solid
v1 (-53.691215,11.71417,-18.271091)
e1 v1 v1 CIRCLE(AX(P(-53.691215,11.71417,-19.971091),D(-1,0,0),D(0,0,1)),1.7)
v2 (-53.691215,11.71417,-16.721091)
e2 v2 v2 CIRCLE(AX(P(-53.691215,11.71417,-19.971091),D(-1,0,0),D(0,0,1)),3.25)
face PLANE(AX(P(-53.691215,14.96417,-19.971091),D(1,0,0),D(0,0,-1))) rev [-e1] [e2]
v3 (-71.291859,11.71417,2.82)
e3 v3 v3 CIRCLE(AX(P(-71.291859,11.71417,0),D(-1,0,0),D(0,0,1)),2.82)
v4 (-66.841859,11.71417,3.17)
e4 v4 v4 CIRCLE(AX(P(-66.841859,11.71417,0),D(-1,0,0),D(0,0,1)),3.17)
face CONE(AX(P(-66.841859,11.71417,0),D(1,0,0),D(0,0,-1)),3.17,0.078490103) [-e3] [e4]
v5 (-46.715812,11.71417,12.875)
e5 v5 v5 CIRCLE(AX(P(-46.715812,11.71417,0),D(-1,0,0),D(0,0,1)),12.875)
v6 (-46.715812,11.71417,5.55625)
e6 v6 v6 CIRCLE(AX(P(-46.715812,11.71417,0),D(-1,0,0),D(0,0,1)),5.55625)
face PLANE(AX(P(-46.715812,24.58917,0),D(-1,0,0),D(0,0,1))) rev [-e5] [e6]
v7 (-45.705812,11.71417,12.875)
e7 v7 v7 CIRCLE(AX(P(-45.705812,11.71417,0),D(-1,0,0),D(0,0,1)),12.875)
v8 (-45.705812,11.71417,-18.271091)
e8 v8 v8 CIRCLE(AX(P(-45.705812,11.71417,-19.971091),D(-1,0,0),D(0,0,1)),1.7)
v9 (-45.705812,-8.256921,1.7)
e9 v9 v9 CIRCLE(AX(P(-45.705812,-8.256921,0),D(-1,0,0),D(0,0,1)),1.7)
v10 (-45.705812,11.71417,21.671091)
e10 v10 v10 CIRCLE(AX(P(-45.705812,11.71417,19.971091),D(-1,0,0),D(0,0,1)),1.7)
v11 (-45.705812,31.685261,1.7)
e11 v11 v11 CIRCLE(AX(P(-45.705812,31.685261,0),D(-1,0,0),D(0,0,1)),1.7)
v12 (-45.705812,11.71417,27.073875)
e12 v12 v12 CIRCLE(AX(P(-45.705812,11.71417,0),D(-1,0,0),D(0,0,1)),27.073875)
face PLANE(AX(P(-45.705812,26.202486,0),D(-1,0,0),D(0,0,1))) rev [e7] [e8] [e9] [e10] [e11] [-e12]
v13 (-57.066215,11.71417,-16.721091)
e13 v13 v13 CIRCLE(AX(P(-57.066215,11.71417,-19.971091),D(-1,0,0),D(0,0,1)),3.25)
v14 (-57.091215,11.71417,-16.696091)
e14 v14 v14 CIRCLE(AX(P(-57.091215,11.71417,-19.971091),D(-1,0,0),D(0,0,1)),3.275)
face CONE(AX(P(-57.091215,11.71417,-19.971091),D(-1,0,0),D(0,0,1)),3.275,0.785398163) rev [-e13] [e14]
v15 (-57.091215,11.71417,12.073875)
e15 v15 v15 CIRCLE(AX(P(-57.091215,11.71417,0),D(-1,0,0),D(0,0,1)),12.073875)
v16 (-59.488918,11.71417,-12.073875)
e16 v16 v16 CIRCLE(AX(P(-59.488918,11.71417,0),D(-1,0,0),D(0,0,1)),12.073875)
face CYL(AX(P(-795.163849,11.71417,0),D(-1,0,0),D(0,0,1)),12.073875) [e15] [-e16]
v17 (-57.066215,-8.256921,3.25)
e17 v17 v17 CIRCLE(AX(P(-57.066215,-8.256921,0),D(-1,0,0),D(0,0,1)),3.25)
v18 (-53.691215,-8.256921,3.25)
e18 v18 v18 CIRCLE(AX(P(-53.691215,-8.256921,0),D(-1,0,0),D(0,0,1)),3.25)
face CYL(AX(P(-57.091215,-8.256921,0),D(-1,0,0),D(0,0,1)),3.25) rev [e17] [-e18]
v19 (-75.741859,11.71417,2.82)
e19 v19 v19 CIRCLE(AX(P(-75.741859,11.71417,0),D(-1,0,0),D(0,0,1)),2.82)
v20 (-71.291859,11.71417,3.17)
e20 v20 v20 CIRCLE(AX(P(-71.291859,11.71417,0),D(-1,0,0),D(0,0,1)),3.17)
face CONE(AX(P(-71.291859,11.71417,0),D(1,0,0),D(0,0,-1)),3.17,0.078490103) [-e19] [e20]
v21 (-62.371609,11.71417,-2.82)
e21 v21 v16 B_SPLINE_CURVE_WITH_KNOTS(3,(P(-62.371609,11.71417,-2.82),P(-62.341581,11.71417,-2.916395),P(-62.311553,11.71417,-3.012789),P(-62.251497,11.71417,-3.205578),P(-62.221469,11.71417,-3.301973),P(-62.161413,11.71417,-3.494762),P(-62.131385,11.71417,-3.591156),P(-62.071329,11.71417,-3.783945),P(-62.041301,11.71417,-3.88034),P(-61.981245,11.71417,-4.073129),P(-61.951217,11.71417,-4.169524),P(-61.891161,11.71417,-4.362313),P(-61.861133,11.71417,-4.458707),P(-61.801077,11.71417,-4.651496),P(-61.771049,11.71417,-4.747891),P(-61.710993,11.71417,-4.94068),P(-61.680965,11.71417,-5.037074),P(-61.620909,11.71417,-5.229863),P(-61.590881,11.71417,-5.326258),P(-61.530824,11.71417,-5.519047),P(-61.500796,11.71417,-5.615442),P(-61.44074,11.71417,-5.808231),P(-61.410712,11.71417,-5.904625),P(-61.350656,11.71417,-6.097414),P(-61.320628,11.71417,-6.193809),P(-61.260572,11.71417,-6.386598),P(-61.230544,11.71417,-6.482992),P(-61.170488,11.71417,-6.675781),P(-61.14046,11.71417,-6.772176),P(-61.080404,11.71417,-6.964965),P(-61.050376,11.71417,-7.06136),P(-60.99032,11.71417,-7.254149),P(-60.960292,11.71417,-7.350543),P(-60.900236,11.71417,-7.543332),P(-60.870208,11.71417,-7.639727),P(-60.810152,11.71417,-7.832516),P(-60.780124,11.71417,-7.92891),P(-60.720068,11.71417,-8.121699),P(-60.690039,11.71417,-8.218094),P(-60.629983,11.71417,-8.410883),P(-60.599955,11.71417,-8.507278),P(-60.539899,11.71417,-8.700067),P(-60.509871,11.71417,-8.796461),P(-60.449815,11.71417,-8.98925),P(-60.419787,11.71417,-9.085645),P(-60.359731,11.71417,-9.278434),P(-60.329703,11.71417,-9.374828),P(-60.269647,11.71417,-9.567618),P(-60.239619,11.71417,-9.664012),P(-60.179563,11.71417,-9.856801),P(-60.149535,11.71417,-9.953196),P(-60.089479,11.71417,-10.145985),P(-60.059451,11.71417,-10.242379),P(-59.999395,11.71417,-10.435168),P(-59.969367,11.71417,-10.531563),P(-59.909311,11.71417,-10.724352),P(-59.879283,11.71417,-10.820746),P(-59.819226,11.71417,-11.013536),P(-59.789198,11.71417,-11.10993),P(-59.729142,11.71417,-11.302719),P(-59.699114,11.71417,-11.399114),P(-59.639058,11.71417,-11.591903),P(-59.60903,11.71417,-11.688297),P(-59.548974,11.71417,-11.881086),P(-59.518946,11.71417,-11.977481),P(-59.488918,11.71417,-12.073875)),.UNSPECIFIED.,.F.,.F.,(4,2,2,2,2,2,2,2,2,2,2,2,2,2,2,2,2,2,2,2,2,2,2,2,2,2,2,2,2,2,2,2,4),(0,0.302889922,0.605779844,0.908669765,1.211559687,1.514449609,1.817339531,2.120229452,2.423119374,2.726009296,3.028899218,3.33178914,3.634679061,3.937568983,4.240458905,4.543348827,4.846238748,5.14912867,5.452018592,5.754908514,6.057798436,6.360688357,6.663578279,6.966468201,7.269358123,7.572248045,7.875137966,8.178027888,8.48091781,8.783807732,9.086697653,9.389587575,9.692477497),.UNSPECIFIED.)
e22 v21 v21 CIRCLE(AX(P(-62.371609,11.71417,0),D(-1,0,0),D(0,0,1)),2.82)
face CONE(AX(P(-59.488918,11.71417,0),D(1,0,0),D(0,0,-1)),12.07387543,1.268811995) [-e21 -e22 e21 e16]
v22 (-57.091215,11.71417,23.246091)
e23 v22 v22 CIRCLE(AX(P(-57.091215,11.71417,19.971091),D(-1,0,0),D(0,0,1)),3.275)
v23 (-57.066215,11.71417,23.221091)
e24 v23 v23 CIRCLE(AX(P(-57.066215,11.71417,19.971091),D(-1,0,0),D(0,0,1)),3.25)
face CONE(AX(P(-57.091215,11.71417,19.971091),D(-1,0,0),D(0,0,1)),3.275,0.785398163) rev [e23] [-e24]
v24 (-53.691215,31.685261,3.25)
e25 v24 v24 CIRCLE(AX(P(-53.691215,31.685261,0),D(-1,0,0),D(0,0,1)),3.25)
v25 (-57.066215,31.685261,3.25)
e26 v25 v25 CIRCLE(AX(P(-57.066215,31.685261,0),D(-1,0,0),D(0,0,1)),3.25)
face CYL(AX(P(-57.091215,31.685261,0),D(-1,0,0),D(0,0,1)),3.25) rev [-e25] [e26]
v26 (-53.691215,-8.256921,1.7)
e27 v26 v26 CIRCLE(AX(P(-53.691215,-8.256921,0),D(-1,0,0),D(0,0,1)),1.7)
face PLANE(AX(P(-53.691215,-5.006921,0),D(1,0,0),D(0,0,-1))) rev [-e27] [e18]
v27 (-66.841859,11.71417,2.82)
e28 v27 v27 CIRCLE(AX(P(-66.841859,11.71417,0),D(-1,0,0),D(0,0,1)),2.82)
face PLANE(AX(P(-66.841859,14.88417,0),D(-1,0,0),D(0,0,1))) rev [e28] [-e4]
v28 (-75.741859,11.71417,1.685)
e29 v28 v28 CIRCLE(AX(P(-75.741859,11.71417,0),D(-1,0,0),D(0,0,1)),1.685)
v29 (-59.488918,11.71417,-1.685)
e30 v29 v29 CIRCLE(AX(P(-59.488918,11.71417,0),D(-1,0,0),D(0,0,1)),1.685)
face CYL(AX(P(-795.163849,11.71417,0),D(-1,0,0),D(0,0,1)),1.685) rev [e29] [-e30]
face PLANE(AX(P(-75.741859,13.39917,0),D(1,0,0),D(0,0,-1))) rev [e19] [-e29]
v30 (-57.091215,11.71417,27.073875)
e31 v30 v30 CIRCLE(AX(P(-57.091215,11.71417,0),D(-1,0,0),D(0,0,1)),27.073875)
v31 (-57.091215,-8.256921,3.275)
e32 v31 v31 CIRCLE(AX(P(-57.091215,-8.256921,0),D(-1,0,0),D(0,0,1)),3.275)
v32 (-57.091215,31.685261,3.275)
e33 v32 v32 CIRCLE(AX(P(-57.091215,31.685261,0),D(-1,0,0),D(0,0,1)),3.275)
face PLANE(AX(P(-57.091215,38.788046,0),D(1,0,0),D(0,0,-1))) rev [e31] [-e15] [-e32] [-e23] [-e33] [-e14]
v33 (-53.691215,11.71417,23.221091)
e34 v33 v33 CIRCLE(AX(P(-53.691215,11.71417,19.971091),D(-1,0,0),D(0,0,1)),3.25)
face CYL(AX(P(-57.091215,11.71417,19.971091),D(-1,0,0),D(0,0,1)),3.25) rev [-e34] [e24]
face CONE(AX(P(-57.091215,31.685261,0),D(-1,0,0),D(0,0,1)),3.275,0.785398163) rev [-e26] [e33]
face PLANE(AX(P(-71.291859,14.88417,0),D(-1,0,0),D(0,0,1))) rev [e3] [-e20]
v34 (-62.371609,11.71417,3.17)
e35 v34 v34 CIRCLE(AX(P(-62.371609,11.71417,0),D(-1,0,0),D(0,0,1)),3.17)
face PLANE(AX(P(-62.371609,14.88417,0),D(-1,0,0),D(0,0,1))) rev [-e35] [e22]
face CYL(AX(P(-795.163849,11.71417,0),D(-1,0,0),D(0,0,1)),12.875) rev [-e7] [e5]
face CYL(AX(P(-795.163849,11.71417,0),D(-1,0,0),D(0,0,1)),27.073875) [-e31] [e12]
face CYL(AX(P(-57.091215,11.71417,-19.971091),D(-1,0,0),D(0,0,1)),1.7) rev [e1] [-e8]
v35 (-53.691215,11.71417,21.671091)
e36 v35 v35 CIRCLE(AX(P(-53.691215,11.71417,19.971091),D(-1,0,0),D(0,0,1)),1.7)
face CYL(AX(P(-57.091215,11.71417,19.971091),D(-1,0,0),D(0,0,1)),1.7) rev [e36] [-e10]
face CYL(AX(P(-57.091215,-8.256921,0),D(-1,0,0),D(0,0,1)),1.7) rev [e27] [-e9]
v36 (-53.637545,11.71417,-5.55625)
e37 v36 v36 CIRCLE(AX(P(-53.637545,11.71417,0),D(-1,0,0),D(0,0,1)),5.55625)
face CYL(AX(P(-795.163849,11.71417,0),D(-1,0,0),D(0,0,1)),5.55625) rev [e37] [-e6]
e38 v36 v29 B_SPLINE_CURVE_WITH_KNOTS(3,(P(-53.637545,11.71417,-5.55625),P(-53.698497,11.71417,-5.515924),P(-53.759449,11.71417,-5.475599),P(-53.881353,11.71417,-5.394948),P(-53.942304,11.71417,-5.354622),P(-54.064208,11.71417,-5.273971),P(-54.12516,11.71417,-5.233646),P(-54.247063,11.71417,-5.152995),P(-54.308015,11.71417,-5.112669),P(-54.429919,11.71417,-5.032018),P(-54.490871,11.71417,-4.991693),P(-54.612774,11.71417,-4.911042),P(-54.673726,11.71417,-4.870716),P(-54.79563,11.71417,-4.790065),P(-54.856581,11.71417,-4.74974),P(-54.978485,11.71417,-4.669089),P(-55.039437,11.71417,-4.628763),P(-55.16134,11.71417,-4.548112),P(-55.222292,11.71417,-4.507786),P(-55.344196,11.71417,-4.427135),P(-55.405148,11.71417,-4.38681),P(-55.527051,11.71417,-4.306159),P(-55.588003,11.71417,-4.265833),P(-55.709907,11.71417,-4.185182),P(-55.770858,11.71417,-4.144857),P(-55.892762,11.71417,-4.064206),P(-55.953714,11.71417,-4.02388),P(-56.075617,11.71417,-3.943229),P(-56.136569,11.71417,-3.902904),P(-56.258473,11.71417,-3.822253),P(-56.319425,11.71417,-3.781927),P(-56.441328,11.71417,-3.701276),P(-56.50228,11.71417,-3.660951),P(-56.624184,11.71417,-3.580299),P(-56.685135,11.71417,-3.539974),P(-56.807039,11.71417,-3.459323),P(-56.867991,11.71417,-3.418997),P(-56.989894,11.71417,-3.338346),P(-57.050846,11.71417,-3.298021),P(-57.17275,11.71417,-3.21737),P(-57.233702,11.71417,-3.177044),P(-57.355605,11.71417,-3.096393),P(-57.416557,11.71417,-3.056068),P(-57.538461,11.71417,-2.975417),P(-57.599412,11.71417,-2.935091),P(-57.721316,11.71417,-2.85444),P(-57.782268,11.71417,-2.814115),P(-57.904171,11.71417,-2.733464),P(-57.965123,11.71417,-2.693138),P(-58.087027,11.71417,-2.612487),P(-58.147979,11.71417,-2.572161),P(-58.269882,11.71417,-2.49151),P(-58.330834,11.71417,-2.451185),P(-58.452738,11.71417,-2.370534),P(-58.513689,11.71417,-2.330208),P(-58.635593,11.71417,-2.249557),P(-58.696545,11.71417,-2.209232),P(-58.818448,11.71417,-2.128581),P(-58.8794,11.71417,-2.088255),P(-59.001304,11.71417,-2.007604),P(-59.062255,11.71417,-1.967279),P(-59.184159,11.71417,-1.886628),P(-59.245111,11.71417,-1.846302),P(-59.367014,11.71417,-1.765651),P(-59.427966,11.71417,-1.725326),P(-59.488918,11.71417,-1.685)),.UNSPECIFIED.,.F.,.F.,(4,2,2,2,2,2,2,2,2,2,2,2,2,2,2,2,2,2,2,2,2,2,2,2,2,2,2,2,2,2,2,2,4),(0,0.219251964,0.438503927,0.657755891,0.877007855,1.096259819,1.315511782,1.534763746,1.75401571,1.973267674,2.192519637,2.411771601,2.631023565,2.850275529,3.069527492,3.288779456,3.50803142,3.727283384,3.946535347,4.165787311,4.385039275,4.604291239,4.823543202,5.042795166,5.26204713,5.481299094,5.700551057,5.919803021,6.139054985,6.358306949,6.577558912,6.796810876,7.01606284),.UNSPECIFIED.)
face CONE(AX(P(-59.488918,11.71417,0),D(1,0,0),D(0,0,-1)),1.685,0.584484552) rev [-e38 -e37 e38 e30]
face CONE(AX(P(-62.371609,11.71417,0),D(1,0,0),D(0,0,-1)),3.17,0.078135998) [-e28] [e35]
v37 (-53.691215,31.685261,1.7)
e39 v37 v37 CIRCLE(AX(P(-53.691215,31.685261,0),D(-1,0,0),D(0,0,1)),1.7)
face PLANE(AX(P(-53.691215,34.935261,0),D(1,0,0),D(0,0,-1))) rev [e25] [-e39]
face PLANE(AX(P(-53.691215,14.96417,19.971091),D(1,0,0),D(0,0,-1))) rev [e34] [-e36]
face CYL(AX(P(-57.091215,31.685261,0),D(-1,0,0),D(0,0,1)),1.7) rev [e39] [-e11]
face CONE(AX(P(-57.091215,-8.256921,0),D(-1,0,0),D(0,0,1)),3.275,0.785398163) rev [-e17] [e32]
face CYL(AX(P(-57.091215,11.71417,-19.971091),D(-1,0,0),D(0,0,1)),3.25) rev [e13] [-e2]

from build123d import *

# Parameters (mm, degrees)
CBORE_FOR_M3_HEX_SOCKET_HEAD_CAP_SCR_2_COUNT = 2
CBORE_FOR_M3_HEX_SOCKET_HEAD_CAP_SCR_2_PITCH = 28.243387552
CBORE_FOR_M3_HEX_SOCKET_HEAD_CAP_SCR_3_COUNT = 2
CBORE_FOR_M3_HEX_SOCKET_HEAD_CAP_SCR_3_PITCH = 39.942181723
CBORE_FOR_M3_HEX_SOCKET_HEAD_CAP_SCR_4_COUNT = 2
CBORE_FOR_M3_HEX_SOCKET_HEAD_CAP_SCR_4_PITCH = 28.243387552


with BuildPart() as part:
    # Sketch1 → Revolve17 (revolve)
    with BuildSketch(Plane.XY, mode=Mode.PRIVATE) as revolve17_sk:
        Polygon((-71.291859268, 14.884170222), (-71.291859268, 14.534170222), (-66.841859268, 14.884170222), (-66.841859268, 14.534170222), (-62.371609448, 14.884170222), (-62.371609448, 14.534170222), (-59.488918076, 23.788045652), (-57.091214807, 23.788045652), (-57.091214807, 38.788045652), (-45.705811648, 38.788045652), (-45.705811648, 26.202485582), (-45.705811648, 24.589170222), (-46.715811648, 24.589170222), (-46.715811648, 17.270420222), (-53.637545484, 17.270420222), (-59.488918076, 13.399170222), (-75.741859268, 13.399170222), (-75.741859268, 14.534170222), align=None)
    revolve(revolve17_sk.sketch.rotate(Axis((-795.163849313, 11.714170222, 0), (1, 0, 0)), 90), axis=Axis((-795.163849313, 11.714170222, 0), (1, 0, 0)))

    # Sketch4 → CBORE for M3 Hex Socket Head Cap Screw1 (revolve, cut)
    with BuildSketch(Plane(origin=(-57.091214807, 11.714170222, -19.971090862), x_dir=(0, 0, 1), z_dir=(0, 1, 0))):
        Polygon((0, 0), (0, 11.385403159), (1.7, 11.385403159), (1.7, 3.4), (3.25, 3.4), (3.25, 0.025), (3.275, 0), align=None)
    cbore_for_m3_hex_socket_head_cap_screw1 = revolve(axis=Axis((-63.441214807, 11.714170222, -19.971090862), (1, 0, 0)), mode=Mode.SUBTRACT)

    # CBORE for M3 Hex Socket Head Cap Scr 2: CBORE for M3 Hex Socket Head Cap Screw1 ×2
    with Locations(*[Vector(0, 0.7071067811865475, 0.7071067811865476) * (i * CBORE_FOR_M3_HEX_SOCKET_HEAD_CAP_SCR_2_PITCH) for i in range(1, CBORE_FOR_M3_HEX_SOCKET_HEAD_CAP_SCR_2_COUNT)]):
        add(cbore_for_m3_hex_socket_head_cap_screw1, mode=Mode.SUBTRACT)

    # CBORE for M3 Hex Socket Head Cap Scr 3: CBORE for M3 Hex Socket Head Cap Screw1 ×2
    with Locations(*[(0, 0, i * CBORE_FOR_M3_HEX_SOCKET_HEAD_CAP_SCR_3_PITCH) for i in range(1, CBORE_FOR_M3_HEX_SOCKET_HEAD_CAP_SCR_3_COUNT)]):
        add(cbore_for_m3_hex_socket_head_cap_screw1, mode=Mode.SUBTRACT)

    # CBORE for M3 Hex Socket Head Cap Scr 4: CBORE for M3 Hex Socket Head Cap Screw1 ×2
    with Locations(*[Vector(0, -0.7071067811865476, 0.7071067811865475) * (i * CBORE_FOR_M3_HEX_SOCKET_HEAD_CAP_SCR_4_PITCH) for i in range(1, CBORE_FOR_M3_HEX_SOCKET_HEAD_CAP_SCR_4_COUNT)]):
        add(cbore_for_m3_hex_socket_head_cap_screw1, mode=Mode.SUBTRACT)


solid = part.part
